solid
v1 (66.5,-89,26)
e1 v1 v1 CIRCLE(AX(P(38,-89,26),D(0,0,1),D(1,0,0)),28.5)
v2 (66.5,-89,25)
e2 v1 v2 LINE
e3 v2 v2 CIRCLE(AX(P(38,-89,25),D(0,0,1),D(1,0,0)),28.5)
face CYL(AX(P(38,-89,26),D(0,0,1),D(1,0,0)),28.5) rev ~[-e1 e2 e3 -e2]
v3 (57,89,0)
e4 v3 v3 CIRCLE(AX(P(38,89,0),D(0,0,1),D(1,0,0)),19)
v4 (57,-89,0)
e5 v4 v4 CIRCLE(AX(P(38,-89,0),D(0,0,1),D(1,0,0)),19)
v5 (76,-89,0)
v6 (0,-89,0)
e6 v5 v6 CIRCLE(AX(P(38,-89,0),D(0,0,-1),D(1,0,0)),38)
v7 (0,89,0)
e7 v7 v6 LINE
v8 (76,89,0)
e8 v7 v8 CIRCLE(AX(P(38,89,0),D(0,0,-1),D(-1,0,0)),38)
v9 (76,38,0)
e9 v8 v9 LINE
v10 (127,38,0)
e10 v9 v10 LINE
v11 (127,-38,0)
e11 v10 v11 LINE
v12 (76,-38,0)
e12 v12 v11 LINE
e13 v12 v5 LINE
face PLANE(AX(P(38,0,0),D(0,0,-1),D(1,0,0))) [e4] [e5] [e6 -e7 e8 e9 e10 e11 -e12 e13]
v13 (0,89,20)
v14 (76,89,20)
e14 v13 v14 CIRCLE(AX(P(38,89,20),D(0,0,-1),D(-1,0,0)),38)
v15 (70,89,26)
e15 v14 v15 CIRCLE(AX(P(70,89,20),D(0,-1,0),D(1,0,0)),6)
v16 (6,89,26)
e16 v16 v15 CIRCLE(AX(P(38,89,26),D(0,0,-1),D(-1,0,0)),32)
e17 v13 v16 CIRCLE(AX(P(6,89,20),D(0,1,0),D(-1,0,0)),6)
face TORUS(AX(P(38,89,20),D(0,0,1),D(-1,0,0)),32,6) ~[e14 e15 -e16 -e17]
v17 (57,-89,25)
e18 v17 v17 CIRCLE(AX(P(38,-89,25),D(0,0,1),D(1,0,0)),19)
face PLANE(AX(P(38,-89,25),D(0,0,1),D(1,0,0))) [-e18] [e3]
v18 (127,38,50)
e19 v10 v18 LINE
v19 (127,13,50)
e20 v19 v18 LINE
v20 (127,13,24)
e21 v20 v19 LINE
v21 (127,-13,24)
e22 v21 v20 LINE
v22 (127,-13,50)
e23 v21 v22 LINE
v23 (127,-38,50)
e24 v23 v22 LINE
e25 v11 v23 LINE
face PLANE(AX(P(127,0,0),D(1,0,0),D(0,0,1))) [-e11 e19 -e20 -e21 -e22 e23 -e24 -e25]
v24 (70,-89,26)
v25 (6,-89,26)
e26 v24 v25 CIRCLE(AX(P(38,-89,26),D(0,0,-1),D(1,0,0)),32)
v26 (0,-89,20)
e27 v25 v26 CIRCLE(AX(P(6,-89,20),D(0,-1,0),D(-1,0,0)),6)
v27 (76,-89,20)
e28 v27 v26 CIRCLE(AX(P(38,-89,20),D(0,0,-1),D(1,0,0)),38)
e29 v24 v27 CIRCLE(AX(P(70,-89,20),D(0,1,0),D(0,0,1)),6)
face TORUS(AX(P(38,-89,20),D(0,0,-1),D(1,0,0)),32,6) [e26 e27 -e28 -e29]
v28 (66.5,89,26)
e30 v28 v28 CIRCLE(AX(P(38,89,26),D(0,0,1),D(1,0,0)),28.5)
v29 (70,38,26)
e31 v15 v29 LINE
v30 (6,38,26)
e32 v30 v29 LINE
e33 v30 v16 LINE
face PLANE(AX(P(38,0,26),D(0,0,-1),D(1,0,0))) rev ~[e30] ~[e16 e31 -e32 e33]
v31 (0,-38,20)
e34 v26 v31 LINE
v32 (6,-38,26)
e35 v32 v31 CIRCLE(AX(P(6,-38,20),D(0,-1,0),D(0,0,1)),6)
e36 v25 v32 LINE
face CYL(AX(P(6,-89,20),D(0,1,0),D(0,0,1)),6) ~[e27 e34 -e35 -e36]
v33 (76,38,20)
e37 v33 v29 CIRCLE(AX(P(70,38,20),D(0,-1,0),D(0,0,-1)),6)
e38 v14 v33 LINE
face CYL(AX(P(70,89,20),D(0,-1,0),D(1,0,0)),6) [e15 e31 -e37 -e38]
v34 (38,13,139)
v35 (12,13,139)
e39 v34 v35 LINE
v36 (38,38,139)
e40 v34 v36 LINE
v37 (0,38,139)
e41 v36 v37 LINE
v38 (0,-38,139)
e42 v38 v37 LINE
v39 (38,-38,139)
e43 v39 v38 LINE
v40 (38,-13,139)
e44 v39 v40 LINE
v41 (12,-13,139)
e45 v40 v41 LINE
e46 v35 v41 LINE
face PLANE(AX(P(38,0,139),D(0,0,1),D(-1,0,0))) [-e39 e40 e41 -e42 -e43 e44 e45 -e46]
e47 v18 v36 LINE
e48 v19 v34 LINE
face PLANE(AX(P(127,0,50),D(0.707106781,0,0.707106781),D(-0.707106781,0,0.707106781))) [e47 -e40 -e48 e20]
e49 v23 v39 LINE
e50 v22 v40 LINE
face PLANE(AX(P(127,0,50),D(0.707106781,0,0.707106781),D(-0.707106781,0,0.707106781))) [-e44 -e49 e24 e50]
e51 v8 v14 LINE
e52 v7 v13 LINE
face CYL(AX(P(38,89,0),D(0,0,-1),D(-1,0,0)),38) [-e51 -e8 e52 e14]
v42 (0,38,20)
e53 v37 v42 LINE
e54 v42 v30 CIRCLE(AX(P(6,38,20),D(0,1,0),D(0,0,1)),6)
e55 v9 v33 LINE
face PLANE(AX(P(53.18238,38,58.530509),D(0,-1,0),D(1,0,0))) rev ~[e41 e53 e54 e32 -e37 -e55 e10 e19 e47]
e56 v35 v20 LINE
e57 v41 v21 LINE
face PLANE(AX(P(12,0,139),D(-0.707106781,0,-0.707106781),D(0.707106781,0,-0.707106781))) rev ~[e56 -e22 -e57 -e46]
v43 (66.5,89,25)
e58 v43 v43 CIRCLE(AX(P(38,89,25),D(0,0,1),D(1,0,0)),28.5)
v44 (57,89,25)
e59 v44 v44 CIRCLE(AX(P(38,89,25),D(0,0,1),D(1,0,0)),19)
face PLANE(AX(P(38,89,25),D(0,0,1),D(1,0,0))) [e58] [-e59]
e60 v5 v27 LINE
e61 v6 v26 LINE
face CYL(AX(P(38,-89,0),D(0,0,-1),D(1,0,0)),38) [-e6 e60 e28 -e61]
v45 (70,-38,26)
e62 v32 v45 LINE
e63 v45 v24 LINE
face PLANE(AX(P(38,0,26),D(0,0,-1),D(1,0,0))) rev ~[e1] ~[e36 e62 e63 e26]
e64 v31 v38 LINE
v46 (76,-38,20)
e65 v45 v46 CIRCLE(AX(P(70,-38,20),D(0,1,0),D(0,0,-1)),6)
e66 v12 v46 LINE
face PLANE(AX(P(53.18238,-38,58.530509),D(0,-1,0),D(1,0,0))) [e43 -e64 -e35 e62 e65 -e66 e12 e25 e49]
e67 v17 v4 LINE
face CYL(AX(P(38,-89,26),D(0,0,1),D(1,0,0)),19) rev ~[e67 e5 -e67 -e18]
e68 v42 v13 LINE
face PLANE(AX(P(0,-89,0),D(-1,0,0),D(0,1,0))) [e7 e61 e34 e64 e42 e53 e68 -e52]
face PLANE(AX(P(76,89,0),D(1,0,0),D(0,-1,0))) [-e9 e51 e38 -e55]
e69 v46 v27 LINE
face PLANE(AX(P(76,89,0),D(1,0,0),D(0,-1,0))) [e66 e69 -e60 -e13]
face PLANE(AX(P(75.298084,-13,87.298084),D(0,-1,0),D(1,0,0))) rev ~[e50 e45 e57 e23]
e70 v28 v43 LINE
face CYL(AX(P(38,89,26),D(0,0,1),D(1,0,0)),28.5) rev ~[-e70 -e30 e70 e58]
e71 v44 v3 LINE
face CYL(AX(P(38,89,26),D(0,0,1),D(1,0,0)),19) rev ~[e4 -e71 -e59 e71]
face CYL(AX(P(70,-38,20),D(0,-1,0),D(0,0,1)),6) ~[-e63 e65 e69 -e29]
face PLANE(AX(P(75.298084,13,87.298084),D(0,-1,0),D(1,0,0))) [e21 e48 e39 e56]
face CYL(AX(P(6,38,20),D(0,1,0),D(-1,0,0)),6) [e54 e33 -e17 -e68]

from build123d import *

# Parameters (mm, degrees)
F1_DEPTH  = 38
F4_DEPTH  = 13
F5_DEPTH  = 26
F6_R      = 19
F7_DEPTH  = 26.001
F8_R      = 28.5
F9_DEPTH  = 1
F10_R     = 19
F11_DEPTH = 26.001
F12_R     = 28.5
F13_DEPTH = 1
F14_R     = 6


with BuildPart() as f1:
    # F0 (on Front) → F1 (new body, symmetric)
    with BuildSketch(Plane.XZ):
        Polygon((0, 139), (0, 0), (127, 0), (127, 50), (38, 139), align=None)
    extrude(amount=F1_DEPTH, both=True)

    # F3 (on Front) → F4 (cut, symmetric)
    with BuildSketch(Plane.XZ):
        Polygon((127, 50), (38, 139), (12, 139), (127, 24), align=None)
    extrude(amount=F4_DEPTH, both=True, mode=Mode.SUBTRACT)

    # F2 (on face) → F5 (join)
    with BuildSketch(Plane(origin=(0, 0, 0), x_dir=(1, 0, 0), z_dir=(0, 0, -1))):
        with BuildLine():
            ThreePointArc((0, -89), (38, -127), (76, -89))
            Line((76, -89), (76, 89))
            ThreePointArc((76, 89), (38, 127), (0, 89))
            Line((0, 89), (0, -89))
        make_face()
    extrude(amount=-F5_DEPTH)

    # F6 (on face) → F7 (cut, through all)
    with BuildSketch(Plane.XY.offset(26)):
        with Locations((38, -89)):
            Circle(F6_R)
    extrude(amount=-F7_DEPTH, mode=Mode.SUBTRACT)

    # F8 (on face) → F9 (cut)
    with BuildSketch(Plane.XY.offset(26)):
        with Locations((38, -89)):
            Circle(F8_R)
    extrude(amount=-F9_DEPTH, mode=Mode.SUBTRACT)

    # F10 (on face) → F11 (cut, through all)
    with BuildSketch(Plane.XY.offset(26)):
        with Locations((38, 89)):
            Circle(F10_R)
    extrude(amount=-F11_DEPTH, mode=Mode.SUBTRACT)

    # F12 (on face) → F13 (cut)
    with BuildSketch(Plane.XY.offset(26)):
        with Locations((38, 89)):
            Circle(F12_R)
    extrude(amount=-F13_DEPTH, mode=Mode.SUBTRACT)

    # F14
    f14_edges = [f1.edges().sort_by_distance(p)[0] for p in [
        (76, -63.5, 26),
        (76, 63.5, 26),
        (0, 63.5, 26),
        (0, -63.5, 26),
        (38, -127, 26),
        (38, 127, 26),
    ]]
    fillet(f14_edges, radius=F14_R)


solid = f1.part
